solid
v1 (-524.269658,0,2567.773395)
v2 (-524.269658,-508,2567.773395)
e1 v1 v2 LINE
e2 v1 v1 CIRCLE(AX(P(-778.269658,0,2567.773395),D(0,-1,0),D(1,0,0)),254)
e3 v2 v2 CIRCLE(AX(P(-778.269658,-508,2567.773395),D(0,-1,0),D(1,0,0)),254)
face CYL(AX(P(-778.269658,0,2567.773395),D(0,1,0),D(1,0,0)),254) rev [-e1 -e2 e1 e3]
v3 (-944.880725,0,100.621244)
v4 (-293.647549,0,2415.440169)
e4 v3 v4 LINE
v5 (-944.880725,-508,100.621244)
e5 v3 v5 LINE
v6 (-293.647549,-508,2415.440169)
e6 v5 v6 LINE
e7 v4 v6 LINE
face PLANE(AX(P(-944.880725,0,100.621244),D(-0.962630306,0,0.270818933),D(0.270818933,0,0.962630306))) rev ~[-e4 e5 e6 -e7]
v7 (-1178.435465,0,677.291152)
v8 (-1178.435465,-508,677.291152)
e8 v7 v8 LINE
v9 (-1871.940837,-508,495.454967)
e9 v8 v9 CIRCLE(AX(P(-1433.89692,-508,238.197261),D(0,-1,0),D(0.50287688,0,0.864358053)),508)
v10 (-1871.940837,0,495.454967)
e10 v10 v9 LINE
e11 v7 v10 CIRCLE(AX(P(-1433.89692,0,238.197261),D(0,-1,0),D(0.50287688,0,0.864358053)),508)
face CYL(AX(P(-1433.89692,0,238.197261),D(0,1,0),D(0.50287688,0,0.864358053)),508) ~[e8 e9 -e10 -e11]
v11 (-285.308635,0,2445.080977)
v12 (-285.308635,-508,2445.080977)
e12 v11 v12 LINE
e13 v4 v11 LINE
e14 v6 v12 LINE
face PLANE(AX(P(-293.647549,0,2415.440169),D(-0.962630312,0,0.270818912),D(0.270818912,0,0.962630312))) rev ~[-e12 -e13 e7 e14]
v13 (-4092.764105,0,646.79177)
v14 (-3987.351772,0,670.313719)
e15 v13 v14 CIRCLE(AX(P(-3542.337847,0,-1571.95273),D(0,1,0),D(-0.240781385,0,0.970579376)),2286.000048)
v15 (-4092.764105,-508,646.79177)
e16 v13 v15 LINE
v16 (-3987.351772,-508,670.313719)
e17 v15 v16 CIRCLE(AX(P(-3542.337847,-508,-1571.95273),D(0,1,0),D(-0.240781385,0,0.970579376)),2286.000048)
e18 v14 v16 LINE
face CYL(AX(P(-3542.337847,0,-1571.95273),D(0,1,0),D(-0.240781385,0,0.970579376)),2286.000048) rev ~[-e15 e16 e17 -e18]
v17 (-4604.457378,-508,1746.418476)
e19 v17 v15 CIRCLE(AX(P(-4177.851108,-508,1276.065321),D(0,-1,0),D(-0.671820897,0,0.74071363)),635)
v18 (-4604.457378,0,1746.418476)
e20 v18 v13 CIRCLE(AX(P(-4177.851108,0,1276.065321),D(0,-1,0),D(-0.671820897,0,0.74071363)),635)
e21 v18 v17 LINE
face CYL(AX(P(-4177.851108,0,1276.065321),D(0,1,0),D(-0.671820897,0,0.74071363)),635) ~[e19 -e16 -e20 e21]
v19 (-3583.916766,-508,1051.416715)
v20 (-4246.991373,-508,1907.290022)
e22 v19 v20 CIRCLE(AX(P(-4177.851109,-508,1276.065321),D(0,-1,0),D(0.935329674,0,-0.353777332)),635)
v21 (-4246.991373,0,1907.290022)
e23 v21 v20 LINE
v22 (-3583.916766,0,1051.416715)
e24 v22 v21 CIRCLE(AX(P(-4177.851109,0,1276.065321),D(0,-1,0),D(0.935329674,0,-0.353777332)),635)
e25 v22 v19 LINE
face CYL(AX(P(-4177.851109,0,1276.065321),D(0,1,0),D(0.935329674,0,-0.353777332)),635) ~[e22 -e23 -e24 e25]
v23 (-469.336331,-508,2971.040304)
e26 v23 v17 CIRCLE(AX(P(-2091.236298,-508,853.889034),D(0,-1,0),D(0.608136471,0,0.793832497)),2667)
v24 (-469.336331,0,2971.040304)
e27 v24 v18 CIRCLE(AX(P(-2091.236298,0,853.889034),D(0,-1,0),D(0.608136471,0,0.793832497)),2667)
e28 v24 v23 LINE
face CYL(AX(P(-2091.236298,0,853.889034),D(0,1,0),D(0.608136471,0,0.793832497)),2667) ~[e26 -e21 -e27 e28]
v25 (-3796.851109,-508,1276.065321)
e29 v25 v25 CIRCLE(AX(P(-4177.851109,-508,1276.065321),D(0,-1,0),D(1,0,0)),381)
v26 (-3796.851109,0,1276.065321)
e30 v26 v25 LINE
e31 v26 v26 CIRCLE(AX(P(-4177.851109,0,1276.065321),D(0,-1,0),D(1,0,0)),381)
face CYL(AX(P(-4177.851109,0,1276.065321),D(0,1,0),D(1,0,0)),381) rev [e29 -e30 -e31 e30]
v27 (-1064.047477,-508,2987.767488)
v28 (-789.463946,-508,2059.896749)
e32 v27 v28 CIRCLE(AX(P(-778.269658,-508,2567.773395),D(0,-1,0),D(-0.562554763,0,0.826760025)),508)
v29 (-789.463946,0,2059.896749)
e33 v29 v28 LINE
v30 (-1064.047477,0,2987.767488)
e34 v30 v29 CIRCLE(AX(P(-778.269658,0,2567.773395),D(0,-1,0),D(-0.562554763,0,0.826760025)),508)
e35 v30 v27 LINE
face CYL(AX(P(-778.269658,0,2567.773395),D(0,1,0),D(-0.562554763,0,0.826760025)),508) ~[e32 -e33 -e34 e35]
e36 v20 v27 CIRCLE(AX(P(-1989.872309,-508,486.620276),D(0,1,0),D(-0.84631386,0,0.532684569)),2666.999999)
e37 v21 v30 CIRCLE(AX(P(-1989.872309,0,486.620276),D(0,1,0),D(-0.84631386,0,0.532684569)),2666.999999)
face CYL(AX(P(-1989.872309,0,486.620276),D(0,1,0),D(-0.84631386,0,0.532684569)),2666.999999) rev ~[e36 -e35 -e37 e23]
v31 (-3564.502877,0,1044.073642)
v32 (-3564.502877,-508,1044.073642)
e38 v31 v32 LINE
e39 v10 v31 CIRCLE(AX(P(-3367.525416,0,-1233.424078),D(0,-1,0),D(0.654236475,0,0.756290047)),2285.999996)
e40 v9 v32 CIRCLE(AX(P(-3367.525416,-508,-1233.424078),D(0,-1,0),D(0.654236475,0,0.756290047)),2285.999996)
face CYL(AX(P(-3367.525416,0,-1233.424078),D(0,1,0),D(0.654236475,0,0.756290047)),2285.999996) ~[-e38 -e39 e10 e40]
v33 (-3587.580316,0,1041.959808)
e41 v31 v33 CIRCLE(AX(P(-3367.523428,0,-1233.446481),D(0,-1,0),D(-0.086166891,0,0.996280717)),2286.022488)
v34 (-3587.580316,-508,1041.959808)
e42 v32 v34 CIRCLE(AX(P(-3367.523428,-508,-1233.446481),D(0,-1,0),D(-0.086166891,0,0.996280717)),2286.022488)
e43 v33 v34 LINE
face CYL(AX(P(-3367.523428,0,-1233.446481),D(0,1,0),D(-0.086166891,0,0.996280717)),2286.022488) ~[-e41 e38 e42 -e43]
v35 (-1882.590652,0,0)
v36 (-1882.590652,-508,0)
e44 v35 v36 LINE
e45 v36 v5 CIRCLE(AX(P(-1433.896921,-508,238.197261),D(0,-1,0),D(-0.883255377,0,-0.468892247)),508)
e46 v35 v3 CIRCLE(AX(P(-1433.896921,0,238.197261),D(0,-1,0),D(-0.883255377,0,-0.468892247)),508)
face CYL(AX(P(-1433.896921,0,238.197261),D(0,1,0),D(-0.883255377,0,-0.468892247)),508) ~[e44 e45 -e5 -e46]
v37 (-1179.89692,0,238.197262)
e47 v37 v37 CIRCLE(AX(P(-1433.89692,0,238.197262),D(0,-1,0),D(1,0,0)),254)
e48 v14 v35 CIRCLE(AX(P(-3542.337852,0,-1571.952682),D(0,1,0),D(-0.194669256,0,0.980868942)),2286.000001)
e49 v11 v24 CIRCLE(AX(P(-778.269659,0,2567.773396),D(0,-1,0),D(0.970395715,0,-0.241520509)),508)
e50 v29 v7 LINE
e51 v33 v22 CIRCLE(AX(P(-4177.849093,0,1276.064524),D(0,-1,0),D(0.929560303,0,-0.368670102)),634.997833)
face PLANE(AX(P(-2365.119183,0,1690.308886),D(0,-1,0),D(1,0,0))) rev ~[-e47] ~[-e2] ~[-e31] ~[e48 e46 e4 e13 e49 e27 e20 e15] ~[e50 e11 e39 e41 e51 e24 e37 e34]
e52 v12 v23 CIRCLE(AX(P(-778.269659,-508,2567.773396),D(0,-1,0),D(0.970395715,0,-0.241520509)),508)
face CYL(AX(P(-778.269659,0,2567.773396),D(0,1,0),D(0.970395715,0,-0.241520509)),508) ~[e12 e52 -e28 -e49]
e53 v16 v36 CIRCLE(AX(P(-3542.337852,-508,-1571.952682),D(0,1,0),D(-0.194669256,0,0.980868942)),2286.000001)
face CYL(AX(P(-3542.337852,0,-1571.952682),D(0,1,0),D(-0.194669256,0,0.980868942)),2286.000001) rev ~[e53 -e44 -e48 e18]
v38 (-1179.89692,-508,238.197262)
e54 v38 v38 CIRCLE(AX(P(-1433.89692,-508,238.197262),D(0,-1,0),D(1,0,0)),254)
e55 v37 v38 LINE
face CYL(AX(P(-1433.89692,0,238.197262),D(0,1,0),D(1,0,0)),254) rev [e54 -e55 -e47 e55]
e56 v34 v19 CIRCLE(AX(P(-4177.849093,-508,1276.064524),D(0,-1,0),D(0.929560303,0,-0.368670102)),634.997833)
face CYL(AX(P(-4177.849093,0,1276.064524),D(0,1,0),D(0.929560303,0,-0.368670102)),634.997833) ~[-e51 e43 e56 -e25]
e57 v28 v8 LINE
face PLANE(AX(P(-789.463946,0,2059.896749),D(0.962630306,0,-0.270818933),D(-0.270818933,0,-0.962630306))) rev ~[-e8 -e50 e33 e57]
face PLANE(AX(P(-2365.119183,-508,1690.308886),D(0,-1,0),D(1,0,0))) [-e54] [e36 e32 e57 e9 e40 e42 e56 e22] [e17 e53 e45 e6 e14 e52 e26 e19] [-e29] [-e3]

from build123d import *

# Parameters (mm, degrees)
F0_R     = 381
F0_R_2   = 254
F1_DEPTH = 508


with BuildPart() as f1:
    # F0 (on Front) → F1 (new body)
    with BuildSketch(Plane.XZ):
        with BuildLine():
            ThreePointArc((-285.308635, 2445.080977), (-298.773109, 2735.544249), (-469.336331, 2971.040304))
            ThreePointArc((-469.336331, 2971.040304), (-2848.559206, 3411.104515), (-4604.457378, 1746.418476))
            ThreePointArc((-4604.457378, 1746.418476), (-4753.571158, 1008.163428), (-4092.764105, 646.79177))
            ThreePointArc((-4092.764105, 646.79177), (-4040.196873, 659.175373), (-3987.351772, 670.313719))
            ThreePointArc((-3987.351772, 670.313719), (-2848.634489, 606.251084), (-1882.590652, 0))
            ThreePointArc((-1882.590652, 0), (-1379.696976, -266.903091), (-944.880725, 100.621244))
            Line((-944.880725, 100.621244), (-293.647549, 2415.440169))
            Line((-293.647549, 2415.440169), (-285.308635, 2445.080977))
        make_face()
        with Locations((-4177.851109, 1276.065321)):
            Circle(F0_R, mode=Mode.SUBTRACT)
        with Locations((-1433.89692, 238.197262)):
            Circle(F0_R_2, mode=Mode.SUBTRACT)
        with BuildLine():
            Line((-789.463946, 2059.896749), (-1178.435465, 677.291152))
            ThreePointArc((-1178.435465, 677.291152), (-1562.738639, 729.586935), (-1871.940837, 495.454967))
            ThreePointArc((-1871.940837, 495.454967), (-2662.65612, 941.19204), (-3564.502877, 1044.073642))
            ThreePointArc((-3564.502877, 1044.073642), (-3576.044275, 1043.045968), (-3587.580316, 1041.959808))
            ThreePointArc((-3587.580316, 1041.959808), (-3585.729661, 1046.680947), (-3583.916766, 1051.416715))
            ThreePointArc((-3583.916766, 1051.416715), (-3675.873036, 1664.965069), (-4246.991373, 1907.290022))
            ThreePointArc((-4246.991373, 1907.290022), (-2847.161042, 3012.079645), (-1064.047477, 2987.767488))
            ThreePointArc((-1064.047477, 2987.767488), (-1265.387852, 2423.621168), (-789.463946, 2059.896749))
        make_face(mode=Mode.SUBTRACT)
        with Locations((-778.269658, 2567.773395)):
            Circle(F0_R_2, mode=Mode.SUBTRACT)
    extrude(amount=F1_DEPTH)


solid = f1.part
